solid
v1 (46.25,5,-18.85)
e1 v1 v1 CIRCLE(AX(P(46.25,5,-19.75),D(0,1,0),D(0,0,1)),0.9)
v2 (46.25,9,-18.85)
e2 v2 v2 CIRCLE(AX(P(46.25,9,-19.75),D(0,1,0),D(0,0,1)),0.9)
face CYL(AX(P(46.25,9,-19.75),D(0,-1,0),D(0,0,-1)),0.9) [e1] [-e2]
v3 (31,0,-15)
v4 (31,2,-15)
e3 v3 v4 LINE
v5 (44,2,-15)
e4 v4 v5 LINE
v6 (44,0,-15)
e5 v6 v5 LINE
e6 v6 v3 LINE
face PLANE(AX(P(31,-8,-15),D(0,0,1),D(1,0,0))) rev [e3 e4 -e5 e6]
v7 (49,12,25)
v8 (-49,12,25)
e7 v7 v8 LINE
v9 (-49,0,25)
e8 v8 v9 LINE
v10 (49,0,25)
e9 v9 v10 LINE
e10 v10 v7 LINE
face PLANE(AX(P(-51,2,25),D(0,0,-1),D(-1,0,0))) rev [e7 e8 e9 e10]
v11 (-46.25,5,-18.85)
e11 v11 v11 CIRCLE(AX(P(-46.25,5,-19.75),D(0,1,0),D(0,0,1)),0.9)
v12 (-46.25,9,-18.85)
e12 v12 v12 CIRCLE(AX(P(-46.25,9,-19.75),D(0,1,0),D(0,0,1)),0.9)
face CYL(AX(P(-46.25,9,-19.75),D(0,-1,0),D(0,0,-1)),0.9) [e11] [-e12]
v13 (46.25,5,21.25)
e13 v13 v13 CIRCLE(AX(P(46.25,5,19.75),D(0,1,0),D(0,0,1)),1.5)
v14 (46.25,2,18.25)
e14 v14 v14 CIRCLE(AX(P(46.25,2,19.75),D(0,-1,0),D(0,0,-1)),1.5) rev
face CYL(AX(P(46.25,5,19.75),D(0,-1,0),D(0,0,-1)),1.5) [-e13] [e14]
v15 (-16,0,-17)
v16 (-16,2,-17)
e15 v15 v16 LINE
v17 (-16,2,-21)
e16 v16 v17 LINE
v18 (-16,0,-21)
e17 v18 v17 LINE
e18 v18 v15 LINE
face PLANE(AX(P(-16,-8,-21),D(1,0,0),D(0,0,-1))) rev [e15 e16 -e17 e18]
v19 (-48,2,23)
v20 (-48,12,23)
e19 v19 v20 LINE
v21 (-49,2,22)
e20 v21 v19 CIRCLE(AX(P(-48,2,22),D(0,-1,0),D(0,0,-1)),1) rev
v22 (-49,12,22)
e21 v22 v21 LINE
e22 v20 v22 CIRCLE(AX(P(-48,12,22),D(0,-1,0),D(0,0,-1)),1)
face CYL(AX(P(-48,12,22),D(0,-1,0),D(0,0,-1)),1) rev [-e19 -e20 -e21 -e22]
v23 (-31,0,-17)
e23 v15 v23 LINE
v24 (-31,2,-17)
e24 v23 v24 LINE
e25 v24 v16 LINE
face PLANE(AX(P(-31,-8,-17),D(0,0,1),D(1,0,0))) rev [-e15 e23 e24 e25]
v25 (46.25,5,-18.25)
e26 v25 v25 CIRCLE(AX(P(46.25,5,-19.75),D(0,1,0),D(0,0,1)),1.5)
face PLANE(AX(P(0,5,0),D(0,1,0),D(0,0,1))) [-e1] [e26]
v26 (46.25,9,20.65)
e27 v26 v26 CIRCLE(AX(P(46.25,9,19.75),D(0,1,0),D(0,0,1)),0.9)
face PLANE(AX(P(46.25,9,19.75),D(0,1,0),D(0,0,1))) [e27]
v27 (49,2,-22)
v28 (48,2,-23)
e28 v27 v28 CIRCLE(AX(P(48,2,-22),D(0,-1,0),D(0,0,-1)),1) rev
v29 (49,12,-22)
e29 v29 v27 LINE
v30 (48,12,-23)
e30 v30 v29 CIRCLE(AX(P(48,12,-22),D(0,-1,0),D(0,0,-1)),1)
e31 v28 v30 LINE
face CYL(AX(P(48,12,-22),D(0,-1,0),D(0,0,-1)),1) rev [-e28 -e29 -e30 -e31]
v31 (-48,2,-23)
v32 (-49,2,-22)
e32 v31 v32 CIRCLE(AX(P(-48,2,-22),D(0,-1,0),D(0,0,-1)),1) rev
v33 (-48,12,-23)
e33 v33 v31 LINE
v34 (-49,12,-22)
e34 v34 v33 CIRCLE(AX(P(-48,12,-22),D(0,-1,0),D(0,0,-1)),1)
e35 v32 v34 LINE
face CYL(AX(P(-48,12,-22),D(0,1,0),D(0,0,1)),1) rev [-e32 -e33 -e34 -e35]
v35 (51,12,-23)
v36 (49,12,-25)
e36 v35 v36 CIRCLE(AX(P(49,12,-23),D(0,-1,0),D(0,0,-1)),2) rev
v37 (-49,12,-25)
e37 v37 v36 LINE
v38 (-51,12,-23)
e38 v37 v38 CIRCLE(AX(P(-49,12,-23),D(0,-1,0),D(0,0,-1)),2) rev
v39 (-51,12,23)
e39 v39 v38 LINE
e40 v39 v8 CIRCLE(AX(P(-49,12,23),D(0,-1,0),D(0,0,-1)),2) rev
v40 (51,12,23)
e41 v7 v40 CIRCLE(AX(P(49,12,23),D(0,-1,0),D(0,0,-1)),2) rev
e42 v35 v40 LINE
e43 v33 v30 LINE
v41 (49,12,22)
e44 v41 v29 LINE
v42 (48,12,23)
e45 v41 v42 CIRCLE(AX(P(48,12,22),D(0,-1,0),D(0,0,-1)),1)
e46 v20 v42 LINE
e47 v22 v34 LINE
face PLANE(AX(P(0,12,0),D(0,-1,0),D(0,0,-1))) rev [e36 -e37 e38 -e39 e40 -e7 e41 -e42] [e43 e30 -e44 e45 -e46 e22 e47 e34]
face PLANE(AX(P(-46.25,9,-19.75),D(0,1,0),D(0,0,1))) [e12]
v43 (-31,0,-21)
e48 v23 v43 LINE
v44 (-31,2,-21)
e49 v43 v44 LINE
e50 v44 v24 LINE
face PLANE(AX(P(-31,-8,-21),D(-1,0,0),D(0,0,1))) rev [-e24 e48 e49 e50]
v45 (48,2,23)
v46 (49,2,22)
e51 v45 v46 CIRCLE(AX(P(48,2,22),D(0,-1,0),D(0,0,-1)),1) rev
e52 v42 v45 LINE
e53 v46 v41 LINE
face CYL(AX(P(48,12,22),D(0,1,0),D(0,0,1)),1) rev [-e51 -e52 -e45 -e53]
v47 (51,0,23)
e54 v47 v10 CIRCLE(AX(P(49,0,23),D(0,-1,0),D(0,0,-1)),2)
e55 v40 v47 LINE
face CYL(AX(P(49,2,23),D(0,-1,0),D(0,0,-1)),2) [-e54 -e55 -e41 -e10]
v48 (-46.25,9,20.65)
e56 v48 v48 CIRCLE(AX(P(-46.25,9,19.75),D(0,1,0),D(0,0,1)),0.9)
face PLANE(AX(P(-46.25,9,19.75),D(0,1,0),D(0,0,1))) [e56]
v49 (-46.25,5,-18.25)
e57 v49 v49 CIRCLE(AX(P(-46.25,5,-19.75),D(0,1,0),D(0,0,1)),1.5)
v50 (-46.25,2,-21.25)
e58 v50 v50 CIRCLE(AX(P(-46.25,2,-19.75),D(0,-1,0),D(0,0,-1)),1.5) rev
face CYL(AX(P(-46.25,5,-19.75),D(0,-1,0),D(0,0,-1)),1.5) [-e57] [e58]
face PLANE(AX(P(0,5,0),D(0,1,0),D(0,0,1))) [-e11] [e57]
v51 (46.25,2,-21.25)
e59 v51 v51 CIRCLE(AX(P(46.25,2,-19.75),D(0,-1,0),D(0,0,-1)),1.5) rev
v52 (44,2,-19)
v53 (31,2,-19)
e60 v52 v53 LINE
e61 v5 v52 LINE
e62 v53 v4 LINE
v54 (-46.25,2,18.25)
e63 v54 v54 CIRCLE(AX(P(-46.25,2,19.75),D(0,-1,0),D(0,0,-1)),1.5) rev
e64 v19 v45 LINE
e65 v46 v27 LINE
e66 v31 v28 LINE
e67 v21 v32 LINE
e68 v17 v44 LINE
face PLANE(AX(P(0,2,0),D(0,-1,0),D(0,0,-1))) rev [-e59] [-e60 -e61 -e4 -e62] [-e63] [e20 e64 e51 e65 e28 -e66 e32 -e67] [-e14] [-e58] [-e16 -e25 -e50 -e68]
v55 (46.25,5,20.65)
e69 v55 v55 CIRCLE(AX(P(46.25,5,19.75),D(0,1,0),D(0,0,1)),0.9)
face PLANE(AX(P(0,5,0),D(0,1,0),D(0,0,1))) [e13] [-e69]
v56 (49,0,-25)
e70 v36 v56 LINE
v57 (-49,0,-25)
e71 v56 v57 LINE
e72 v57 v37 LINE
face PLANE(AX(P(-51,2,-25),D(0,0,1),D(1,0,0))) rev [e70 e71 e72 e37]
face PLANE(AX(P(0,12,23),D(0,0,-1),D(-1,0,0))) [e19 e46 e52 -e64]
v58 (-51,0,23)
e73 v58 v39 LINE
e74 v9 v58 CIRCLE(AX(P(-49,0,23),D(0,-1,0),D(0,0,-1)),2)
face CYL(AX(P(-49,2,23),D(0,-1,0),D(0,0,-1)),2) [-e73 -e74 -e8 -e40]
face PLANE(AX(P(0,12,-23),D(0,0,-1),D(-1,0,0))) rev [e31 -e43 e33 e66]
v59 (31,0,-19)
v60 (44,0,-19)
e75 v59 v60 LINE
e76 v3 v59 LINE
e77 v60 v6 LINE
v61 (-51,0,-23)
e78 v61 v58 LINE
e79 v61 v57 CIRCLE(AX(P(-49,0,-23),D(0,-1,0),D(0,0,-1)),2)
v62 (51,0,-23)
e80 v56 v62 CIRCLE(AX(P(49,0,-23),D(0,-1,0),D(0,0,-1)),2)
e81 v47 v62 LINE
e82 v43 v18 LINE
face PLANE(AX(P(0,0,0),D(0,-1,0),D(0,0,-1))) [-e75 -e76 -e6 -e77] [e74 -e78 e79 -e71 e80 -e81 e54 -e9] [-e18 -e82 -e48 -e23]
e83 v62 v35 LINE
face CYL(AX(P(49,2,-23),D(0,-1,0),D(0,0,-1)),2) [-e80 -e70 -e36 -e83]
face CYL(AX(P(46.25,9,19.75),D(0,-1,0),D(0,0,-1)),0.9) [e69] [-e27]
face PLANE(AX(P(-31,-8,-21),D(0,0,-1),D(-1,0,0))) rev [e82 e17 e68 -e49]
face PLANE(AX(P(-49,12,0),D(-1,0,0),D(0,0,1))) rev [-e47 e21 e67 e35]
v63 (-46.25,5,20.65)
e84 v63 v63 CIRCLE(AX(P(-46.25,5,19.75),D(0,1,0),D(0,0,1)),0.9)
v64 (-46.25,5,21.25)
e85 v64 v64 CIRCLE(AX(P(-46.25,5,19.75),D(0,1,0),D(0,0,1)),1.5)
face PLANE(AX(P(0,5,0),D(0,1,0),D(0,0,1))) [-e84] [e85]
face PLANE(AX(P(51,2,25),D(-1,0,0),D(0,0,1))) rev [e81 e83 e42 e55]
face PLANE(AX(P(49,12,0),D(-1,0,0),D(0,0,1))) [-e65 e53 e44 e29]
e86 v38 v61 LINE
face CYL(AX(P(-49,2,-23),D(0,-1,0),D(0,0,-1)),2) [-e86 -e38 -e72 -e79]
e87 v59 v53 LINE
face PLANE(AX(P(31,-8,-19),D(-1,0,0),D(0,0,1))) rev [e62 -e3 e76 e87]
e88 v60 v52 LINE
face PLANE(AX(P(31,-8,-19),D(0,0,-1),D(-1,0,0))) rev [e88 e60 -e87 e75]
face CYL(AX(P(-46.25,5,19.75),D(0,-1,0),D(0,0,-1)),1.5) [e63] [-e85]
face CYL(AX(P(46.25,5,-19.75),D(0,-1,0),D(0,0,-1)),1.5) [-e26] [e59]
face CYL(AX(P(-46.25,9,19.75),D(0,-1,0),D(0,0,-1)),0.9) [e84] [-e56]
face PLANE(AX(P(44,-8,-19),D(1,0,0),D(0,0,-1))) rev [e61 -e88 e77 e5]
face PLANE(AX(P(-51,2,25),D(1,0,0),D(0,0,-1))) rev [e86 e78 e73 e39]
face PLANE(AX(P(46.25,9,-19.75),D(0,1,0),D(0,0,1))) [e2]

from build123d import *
from OCP.BRepFilletAPI import BRepFilletAPI_MakeFillet

# Parameters (mm, degrees)
SKETCH2_W           = 102
SKETCH2_H           = 50
BOSS_EXTRUDE2_DEPTH = 2
SKETCH1_W           = 102
SKETCH1_H           = 50
SKETCH1_W_2         = 98
SKETCH1_H_2         = 46
BOSS_EXTRUDE1_DEPTH = 12
FILLET1_R1          = 2
FILLET1_R2          = 1
BOSS_EXTRUDE3_DEPTH = 3
SKETCH4_R           = 0.9
BOSS_EXTRUDE4_DEPTH = 4
SKETCH5_W           = 15
SKETCH5_H           = 4
SKETCH5_W_2         = 13
CUT_EXTRUDE1_DEPTH  = 10


with BuildPart() as part:
    # Sketch2 → Boss-Extrude2 (new body)
    with BuildSketch(Plane(origin=(0, 0, 0), x_dir=(1, 0, 0), z_dir=(0, 1, 0))):
        Rectangle(SKETCH2_W, SKETCH2_H)
    extrude(amount=BOSS_EXTRUDE2_DEPTH)

    # Sketch1 → Boss-Extrude1 (add)
    with BuildSketch(Plane(origin=(0, 0, 0), x_dir=(1, 0, 0), z_dir=(0, 1, 0))):
        Rectangle(SKETCH1_W, SKETCH1_H)
        Rectangle(SKETCH1_W_2, SKETCH1_H_2, mode=Mode.SUBTRACT)
    extrude(amount=BOSS_EXTRUDE1_DEPTH)

    # Fillet1: one fillet with a radius per group of edges: ONE call of the kernel's fillet builder (fillet() takes one radius for all edges)
    fillet1_edges_1 = [part.edges().sort_by_distance(p)[0] for p in [
        (51, 6, 25),
        (51, 6, -25),
        (-51, 6, -25),
        (-51, 6, 25),
    ]]
    fillet1_edges_2 = [part.edges().sort_by_distance(p)[0] for p in [
        (-49, 7, 23),
        (49, 7, 23),
        (49, 7, -23),
        (-49, 7, -23),
    ]]
    fillet1 = BRepFilletAPI_MakeFillet(part.part.solid().wrapped)
    for e in fillet1_edges_1:
        fillet1.Add(FILLET1_R1, e.wrapped)
    for e in fillet1_edges_2:
        fillet1.Add(FILLET1_R2, e.wrapped)
    add(Compound.cast(fillet1.Shape()), mode=Mode.REPLACE)

    # Sketch3 → Boss-Extrude3 (add)
    with BuildSketch(Plane(origin=(0, 2, 0), x_dir=(1, 0, 0), z_dir=(0, 1, 0))):
        with BuildLine():
            ThreePointArc((-44.75, 19.75), (-47.310660172, 20.810660172), (-46.25, 18.25))
            Line((-46.25, 18.25), (-46.25, 19.75))
            Line((-46.25, 19.75), (-44.75, 19.75))
        make_face()
        with BuildLine():
            Line((-46.25, 19.75), (-46.25, 18.25))
            ThreePointArc((-46.25, 18.25), (-45.189339828, 18.689339828), (-44.75, 19.75))
            Line((-44.75, 19.75), (-46.25, 19.75))
        make_face()
        with BuildLine():
            Line((-46.25, -18.25), (-46.25, -19.75))
            Line((-46.25, -19.75), (-44.75, -19.75))
            ThreePointArc((-44.75, -19.75), (-45.189339828, -18.689339828), (-46.25, -18.25))
        make_face()
        with BuildLine():
            Line((-44.75, -19.75), (-46.25, -19.75))
            Line((-46.25, -19.75), (-46.25, -18.25))
            ThreePointArc((-46.25, -18.25), (-47.310660172, -20.810660172), (-44.75, -19.75))
        make_face()
        with BuildLine():
            ThreePointArc((46.25, -18.25), (45.189339828, -18.689339828), (44.75, -19.75))
            Line((44.75, -19.75), (46.25, -19.75))
            Line((46.25, -19.75), (46.25, -18.25))
        make_face()
        with BuildLine():
            Line((46.25, -19.75), (44.75, -19.75))
            ThreePointArc((44.75, -19.75), (46.25, -21.25), (47.75, -19.75))
            ThreePointArc((47.75, -19.75), (47.310660172, -18.689339828), (46.25, -18.25))
            Line((46.25, -18.25), (46.25, -19.75))
        make_face()
        with BuildLine():
            ThreePointArc((44.75, 19.75), (45.189339828, 18.689339828), (46.25, 18.25))
            Line((46.25, 18.25), (46.25, 19.75))
            Line((46.25, 19.75), (44.75, 19.75))
        make_face()
        with BuildLine():
            Line((46.25, 19.75), (46.25, 18.25))
            ThreePointArc((46.25, 18.25), (47.310660172, 18.689339828), (47.75, 19.75))
            ThreePointArc((47.75, 19.75), (46.25, 21.25), (44.75, 19.75))
            Line((44.75, 19.75), (46.25, 19.75))
        make_face()
    extrude(amount=BOSS_EXTRUDE3_DEPTH)

    # Sketch4 → Boss-Extrude4 (add)
    with BuildSketch(Plane(origin=(0, 5, 0), x_dir=(1, 0, 0), z_dir=(0, 1, 0))):
        with Locations(Location((-46.25, 19.75, 0), (0, 0, 270))):
            Circle(SKETCH4_R)
        with Locations(Location((-46.25, -19.75, 0), (0, 0, 270))):
            Circle(SKETCH4_R)
        with Locations(Location((46.25, 19.75, 0), (0, 0, 270))):
            Circle(SKETCH4_R)
        with Locations(Location((46.25, -19.75, 0), (0, 0, 270))):
            Circle(SKETCH4_R)
    extrude(amount=BOSS_EXTRUDE4_DEPTH)

    # Sketch5 → Cut-Extrude1 (cut)
    with BuildSketch(Plane(origin=(0, 2, 0), x_dir=(1, 0, 0), z_dir=(0, 1, 0))):
        with Locations((-23.5, 19)):
            Rectangle(SKETCH5_W, SKETCH5_H)
        with Locations((37.5, 17)):
            Rectangle(SKETCH5_W_2, SKETCH5_H)
    extrude(amount=-CUT_EXTRUDE1_DEPTH, mode=Mode.SUBTRACT)


solid = part.part
